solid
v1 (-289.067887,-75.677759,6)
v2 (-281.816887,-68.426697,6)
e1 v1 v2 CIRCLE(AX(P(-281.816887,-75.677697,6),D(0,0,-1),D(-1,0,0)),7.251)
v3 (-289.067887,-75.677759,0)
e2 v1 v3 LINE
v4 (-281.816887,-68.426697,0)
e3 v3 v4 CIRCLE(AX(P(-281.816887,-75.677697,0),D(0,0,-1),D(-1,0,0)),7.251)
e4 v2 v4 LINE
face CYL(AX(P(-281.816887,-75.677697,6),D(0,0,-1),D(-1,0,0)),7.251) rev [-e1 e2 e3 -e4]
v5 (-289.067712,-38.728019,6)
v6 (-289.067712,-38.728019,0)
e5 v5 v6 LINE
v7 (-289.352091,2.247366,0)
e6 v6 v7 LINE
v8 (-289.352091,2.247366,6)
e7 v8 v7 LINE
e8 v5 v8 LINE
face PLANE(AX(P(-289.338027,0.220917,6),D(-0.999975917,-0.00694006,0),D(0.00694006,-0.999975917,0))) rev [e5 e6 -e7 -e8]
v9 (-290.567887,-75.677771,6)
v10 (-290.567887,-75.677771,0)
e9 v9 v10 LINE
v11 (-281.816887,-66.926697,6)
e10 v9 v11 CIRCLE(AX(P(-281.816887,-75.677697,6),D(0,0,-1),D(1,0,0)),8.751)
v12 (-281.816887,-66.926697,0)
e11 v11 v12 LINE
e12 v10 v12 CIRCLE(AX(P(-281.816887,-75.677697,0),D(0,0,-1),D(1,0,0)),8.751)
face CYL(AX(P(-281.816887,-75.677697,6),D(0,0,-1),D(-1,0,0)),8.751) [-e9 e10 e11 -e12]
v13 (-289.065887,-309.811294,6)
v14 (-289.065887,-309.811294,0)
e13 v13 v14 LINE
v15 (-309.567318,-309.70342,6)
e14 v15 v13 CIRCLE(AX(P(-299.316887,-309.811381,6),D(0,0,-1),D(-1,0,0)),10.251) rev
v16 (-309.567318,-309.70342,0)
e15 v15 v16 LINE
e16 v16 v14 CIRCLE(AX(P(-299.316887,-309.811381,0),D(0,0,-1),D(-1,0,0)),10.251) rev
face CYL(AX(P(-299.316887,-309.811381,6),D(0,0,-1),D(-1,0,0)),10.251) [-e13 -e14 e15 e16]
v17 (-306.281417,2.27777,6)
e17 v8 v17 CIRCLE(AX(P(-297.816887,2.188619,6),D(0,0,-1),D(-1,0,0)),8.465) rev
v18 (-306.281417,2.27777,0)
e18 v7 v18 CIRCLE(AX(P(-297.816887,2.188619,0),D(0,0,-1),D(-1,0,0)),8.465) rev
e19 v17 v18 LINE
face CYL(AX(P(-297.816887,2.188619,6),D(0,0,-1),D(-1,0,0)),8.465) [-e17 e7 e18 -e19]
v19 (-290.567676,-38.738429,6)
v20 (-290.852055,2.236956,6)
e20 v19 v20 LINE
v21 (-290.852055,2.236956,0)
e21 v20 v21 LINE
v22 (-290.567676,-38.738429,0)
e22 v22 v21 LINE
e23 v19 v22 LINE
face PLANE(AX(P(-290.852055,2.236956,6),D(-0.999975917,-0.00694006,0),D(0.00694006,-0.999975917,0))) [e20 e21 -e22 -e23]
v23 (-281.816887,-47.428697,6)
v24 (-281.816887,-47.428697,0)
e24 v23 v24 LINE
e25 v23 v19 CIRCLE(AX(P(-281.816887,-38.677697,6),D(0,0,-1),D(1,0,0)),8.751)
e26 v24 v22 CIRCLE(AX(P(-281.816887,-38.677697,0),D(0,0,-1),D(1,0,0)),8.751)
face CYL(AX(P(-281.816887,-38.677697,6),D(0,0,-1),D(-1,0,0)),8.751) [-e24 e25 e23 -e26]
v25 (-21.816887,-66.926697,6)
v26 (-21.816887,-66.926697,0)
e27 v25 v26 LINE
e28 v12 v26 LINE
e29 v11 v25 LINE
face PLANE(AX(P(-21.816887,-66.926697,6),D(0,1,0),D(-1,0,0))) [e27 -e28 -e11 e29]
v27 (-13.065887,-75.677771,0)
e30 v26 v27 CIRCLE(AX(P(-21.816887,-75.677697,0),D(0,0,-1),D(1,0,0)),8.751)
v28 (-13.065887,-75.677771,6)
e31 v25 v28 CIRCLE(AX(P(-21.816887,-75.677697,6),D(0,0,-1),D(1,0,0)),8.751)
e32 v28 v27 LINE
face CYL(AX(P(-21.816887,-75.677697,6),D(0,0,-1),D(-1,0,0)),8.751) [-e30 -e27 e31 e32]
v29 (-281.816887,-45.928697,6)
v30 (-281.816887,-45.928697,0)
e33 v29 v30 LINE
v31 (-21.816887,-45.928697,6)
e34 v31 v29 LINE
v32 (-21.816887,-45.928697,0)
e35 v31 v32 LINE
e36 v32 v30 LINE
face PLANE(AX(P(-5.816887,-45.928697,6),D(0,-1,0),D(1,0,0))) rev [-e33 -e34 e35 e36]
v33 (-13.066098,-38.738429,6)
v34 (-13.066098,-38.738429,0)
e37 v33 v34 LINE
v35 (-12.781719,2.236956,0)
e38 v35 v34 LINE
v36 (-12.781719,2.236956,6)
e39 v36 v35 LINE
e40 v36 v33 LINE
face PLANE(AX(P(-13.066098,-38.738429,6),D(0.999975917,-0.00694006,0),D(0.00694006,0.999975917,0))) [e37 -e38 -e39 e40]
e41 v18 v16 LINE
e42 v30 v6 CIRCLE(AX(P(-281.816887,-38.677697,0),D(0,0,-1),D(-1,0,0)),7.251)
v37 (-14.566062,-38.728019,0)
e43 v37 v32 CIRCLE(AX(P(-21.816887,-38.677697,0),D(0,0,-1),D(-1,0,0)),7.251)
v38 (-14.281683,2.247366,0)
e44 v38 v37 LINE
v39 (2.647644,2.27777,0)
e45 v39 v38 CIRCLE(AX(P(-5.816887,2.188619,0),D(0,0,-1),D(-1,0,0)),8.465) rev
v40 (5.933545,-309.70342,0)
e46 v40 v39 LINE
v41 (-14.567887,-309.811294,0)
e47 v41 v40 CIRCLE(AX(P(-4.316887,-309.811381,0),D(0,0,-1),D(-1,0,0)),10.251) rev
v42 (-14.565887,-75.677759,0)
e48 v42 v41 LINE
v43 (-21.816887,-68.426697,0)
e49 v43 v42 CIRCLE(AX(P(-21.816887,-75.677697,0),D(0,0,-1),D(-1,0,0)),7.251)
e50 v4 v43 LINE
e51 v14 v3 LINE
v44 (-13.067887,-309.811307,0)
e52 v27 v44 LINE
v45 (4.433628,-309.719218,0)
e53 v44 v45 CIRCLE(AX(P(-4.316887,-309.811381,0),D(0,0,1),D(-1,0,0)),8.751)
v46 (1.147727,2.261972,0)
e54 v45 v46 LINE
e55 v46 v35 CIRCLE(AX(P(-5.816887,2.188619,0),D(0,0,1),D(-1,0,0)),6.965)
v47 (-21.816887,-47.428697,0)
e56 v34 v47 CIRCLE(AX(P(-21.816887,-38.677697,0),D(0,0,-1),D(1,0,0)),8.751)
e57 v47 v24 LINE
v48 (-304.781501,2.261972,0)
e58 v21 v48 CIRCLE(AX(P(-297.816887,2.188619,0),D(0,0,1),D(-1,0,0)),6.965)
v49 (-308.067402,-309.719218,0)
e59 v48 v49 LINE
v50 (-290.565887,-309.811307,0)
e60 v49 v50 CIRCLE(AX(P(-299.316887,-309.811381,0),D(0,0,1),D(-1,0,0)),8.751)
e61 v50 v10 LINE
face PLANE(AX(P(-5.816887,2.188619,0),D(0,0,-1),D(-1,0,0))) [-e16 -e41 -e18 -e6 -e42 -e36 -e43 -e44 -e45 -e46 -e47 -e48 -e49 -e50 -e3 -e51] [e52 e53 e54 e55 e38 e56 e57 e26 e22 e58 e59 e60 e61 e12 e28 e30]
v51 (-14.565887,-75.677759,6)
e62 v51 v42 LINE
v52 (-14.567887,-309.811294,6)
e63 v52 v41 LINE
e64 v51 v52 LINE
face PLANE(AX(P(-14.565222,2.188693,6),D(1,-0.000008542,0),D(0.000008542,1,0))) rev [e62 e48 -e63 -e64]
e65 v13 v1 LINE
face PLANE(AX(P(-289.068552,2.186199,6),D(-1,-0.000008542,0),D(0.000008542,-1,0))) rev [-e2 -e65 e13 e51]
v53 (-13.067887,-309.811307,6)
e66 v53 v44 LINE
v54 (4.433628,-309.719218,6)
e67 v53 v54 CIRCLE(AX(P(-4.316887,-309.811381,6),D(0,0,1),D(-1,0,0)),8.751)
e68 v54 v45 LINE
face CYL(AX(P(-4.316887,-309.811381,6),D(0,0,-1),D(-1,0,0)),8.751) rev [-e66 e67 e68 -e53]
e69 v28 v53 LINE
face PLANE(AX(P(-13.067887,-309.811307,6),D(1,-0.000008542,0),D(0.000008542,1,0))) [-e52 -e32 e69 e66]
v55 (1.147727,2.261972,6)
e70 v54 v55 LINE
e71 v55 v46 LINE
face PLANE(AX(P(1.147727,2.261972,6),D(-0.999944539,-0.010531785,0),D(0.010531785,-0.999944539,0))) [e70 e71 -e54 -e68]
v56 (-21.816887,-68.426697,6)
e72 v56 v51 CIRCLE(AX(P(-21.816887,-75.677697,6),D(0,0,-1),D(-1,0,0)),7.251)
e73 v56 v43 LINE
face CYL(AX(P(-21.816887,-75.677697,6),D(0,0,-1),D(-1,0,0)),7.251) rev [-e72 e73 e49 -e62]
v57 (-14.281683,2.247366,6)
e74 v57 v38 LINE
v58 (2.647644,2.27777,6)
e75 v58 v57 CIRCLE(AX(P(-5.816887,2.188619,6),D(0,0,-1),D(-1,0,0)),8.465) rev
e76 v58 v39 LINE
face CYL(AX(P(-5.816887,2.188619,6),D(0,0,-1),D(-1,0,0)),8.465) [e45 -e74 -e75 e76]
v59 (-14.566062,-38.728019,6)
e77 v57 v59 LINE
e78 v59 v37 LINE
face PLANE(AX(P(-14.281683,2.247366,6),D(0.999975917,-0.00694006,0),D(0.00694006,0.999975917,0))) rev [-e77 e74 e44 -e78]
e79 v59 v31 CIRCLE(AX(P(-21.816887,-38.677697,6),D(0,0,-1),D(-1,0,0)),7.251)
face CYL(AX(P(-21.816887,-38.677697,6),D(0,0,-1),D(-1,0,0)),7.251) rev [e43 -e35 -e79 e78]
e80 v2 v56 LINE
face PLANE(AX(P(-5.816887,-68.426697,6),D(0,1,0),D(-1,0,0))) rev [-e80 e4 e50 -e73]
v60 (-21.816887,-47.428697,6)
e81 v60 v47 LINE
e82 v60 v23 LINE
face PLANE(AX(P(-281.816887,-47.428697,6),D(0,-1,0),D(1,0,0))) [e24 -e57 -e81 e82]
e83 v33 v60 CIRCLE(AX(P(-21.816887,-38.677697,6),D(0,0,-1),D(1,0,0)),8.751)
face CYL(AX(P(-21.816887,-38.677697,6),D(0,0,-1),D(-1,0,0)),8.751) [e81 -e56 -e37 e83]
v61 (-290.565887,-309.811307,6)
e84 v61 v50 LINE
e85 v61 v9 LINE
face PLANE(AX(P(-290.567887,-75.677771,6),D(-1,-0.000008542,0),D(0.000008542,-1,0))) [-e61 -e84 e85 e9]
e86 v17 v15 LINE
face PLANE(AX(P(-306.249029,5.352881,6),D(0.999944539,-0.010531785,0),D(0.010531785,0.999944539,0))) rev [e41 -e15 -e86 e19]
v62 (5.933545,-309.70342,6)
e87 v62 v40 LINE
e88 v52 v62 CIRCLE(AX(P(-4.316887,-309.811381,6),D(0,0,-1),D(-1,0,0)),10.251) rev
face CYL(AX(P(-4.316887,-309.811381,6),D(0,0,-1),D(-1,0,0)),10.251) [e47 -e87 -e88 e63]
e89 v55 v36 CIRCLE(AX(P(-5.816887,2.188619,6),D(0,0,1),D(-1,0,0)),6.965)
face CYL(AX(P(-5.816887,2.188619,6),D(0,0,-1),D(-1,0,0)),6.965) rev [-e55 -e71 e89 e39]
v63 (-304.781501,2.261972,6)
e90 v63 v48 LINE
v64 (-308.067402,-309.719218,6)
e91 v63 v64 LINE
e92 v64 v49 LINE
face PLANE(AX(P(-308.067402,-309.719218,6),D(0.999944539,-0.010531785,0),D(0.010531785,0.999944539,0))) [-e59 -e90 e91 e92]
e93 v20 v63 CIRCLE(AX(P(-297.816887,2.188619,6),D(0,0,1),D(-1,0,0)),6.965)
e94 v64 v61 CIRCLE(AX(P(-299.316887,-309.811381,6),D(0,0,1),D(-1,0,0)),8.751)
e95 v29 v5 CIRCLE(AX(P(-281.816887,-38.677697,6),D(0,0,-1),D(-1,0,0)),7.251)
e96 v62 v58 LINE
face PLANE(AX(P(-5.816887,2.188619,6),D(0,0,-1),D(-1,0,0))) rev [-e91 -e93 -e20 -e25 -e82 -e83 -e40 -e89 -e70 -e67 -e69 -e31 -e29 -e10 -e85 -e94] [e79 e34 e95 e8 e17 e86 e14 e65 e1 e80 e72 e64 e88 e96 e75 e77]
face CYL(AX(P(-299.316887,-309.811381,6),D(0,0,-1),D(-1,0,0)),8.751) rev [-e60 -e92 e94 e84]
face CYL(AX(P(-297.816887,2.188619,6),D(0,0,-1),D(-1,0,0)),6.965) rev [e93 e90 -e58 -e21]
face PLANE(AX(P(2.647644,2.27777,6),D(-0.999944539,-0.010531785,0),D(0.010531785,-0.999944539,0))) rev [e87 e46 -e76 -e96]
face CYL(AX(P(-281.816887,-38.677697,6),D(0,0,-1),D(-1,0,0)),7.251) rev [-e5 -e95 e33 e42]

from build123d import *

# Parameters (mm, degrees)
EXTRUDE_1_DEPTH = 6


with BuildPart() as part:
    # Эскиз2 → Вытянуть-Тонкостенный1 (new body)
    with BuildSketch(Plane.XY):
        with BuildLine():
            Line((-14.566061587, -38.72801898), (-14.281683106, 2.247366132))
            ThreePointArc((-14.281683106, 2.247366132), (-5.832089519, 10.653604872), (2.64764356, 2.277770081))
            Line((2.64764356, 2.277770081), (5.933544507, -309.703420152))
            ThreePointArc((5.933544507, -309.703420152), (-4.262949336, -320.062239574), (-14.567886964, -309.811293911))
            Line((-14.567886964, -309.811293911), (-14.565886965, -75.677758544))
            ThreePointArc((-14.565886965, -75.677758544), (-16.689633795, -70.550487234), (-21.816886964, -68.426696605))
            Line((-21.816886964, -68.426696605), (-281.816886964, -68.426696605))
            ThreePointArc((-281.816886964, -68.426696605), (-286.944140134, -70.550487234), (-289.067886964, -75.677758544))
            Line((-289.067886964, -75.677758544), (-289.065886965, -309.811293911))
            ThreePointArc((-289.065886965, -309.811293911), (-299.370824593, -320.062239574), (-309.567318436, -309.703420152))
            Line((-309.567318436, -309.703420152), (-306.281417489, 2.277770081))
            ThreePointArc((-306.281417489, 2.277770081), (-297.80168441, 10.653604872), (-289.352090823, 2.247366132))
            Line((-289.352090823, 2.247366132), (-289.067712342, -38.72801898))
            ThreePointArc((-289.067712342, -38.72801898), (-286.926295612, -43.82268876), (-281.816886964, -45.928696605))
            Line((-281.816886964, -45.928696605), (-21.816886964, -45.928696605))
            ThreePointArc((-21.816886964, -45.928696605), (-16.707478317, -43.82268876), (-14.566061587, -38.72801898))
        make_face()
        with BuildLine():
            Line((-13.06609771, -38.73842907), (-12.78171923, 2.236956042))
            ThreePointArc((-12.78171923, 2.236956042), (-5.829395623, 9.153607291), (1.147726751, 2.261972404))
            Line((1.147726751, 2.261972404), (4.433627698, -309.719217829))
            ThreePointArc((4.433627698, -309.719217829), (-4.270841877, -318.562260338), (-13.067886964, -309.811306724))
            Line((-13.067886964, -309.811306724), (-13.065886965, -75.677771357))
            ThreePointArc((-13.065886965, -75.677771357), (-15.628969093, -69.489831592), (-21.816886964, -66.926696605))
            Line((-21.816886964, -66.926696605), (-281.816886964, -66.926696605))
            ThreePointArc((-281.816886964, -66.926696605), (-288.004804835, -69.489831592), (-290.567886964, -75.677771357))
            Line((-290.567886964, -75.677771357), (-290.565886965, -309.811306724))
            ThreePointArc((-290.565886965, -309.811306724), (-299.362932052, -318.562260338), (-308.067401627, -309.719217829))
            Line((-308.067401627, -309.719217829), (-304.78150068, 2.261972404))
            ThreePointArc((-304.78150068, 2.261972404), (-297.804378306, 9.153607291), (-290.852054699, 2.236956042))
            Line((-290.852054699, 2.236956042), (-290.567676218, -38.73842907))
            ThreePointArc((-290.567676218, -38.73842907), (-287.983268853, -44.88702309), (-281.816886964, -47.428696605))
            Line((-281.816886964, -47.428696605), (-21.816886964, -47.428696605))
            ThreePointArc((-21.816886964, -47.428696605), (-15.650505076, -44.88702309), (-13.06609771, -38.73842907))
        make_face(mode=Mode.SUBTRACT)
    extrude(amount=EXTRUDE_1_DEPTH)


solid = part.part
